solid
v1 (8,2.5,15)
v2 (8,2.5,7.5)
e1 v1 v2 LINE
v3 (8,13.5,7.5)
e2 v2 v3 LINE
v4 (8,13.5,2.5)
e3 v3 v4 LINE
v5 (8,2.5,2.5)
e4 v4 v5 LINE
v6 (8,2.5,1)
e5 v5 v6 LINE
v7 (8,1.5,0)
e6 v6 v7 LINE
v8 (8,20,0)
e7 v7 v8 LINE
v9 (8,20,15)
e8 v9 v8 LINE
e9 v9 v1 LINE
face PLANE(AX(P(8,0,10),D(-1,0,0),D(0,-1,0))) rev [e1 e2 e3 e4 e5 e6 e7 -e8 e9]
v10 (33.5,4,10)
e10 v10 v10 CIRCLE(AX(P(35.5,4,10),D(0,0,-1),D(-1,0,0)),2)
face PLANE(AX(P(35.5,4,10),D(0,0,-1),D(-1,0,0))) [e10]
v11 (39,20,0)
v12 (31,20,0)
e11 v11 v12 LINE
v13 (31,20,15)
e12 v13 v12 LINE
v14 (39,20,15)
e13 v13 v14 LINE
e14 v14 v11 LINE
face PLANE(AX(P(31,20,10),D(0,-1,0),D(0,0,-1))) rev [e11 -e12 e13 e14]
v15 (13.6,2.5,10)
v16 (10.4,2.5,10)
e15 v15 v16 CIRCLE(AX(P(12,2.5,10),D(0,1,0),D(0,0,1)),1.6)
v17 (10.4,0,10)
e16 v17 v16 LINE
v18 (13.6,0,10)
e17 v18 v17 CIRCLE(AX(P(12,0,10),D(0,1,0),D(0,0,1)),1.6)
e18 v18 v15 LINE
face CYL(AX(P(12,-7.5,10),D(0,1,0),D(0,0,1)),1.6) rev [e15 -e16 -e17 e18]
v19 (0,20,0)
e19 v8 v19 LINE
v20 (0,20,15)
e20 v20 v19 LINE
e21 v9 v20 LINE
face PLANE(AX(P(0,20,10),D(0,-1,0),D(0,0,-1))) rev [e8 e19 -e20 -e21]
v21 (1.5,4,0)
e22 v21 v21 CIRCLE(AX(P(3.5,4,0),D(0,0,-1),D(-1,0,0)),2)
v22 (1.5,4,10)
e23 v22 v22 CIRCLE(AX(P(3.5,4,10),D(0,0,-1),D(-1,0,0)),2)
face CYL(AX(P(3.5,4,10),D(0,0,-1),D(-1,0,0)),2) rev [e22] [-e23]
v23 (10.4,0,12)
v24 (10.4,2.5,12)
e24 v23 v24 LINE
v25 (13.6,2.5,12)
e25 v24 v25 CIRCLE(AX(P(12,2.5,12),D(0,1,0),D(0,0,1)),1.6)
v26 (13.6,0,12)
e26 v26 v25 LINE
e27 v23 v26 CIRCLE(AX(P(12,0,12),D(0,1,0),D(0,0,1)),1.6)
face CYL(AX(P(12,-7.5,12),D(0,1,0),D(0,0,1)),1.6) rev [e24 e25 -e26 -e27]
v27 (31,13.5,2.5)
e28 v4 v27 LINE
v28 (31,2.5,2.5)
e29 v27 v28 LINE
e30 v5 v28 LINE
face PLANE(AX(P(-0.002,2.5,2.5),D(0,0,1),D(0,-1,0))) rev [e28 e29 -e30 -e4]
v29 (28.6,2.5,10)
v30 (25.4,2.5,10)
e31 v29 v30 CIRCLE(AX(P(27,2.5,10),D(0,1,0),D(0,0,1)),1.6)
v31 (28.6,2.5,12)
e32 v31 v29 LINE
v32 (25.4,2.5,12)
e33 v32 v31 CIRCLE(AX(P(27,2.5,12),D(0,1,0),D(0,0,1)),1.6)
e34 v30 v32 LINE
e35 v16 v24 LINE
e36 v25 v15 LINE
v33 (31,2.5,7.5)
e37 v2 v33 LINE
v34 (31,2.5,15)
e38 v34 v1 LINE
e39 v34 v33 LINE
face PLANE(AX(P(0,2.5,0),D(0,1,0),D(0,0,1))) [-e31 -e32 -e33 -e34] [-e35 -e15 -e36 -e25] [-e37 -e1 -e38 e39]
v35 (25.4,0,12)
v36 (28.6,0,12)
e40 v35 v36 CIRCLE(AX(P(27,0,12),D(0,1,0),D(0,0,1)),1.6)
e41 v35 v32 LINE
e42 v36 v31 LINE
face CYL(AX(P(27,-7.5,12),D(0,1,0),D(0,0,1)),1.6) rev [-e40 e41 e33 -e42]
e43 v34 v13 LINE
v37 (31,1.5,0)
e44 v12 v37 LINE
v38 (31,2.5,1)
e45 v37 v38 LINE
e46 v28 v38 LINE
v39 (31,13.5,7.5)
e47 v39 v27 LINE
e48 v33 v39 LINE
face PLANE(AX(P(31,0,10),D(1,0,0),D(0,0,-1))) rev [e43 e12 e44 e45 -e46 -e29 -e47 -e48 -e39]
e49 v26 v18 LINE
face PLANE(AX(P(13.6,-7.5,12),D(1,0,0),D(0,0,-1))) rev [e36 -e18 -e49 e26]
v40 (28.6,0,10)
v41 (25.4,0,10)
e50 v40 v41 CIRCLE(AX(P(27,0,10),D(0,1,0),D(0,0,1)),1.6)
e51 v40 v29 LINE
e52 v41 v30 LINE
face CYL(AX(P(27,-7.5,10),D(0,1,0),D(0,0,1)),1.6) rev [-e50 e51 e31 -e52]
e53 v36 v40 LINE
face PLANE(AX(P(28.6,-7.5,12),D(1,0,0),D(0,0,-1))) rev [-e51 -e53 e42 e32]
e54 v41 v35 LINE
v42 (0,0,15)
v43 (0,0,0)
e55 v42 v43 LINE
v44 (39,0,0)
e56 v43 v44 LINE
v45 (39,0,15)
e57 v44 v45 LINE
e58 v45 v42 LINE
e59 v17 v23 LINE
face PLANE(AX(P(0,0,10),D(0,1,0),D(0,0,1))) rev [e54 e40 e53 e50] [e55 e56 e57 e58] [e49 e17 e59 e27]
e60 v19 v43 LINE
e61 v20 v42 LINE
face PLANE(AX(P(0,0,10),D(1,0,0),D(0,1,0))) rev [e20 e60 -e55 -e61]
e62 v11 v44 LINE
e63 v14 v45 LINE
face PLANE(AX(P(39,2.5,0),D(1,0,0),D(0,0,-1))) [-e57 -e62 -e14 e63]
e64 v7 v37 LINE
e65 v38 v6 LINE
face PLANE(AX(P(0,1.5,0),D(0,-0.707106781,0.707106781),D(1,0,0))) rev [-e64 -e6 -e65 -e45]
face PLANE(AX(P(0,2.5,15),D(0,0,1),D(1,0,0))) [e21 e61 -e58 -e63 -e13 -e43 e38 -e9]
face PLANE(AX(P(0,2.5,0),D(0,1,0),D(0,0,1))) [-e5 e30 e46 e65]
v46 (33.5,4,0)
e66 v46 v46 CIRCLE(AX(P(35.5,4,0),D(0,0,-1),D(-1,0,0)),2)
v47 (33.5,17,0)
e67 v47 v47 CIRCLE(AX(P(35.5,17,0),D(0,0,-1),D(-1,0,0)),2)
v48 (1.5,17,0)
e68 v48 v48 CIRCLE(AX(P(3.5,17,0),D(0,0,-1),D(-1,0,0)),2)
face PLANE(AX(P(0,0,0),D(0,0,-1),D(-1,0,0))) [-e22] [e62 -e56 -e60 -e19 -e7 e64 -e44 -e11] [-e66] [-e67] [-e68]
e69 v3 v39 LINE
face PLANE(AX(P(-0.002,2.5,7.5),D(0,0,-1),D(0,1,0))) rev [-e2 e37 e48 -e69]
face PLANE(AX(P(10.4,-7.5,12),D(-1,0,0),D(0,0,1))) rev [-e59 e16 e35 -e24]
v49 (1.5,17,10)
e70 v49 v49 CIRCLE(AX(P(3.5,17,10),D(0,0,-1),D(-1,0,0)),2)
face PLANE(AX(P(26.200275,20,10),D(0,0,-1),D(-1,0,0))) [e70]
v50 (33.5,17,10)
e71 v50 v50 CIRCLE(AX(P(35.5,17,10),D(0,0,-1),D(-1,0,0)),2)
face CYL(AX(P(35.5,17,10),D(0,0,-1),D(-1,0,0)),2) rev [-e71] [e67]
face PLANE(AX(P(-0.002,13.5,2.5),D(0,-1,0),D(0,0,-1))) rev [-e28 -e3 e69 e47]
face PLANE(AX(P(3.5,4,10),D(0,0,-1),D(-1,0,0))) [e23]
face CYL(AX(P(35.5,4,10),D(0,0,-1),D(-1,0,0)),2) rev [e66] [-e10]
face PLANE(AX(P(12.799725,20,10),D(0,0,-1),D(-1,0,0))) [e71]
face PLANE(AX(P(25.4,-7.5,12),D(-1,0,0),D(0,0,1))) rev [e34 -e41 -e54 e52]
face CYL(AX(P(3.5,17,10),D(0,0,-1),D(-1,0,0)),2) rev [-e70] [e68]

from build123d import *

# Parameters (mm, degrees)
SKETCH_1_W          = 8
SKETCH_1_H          = 20
EXTRUDE_1_DEPTH     = 10
EXTRUDE_1_2_DEPTH   = 10
SKETCH_2_W          = 39
SKETCH_2_H          = 15
EXTRUDE_2_DEPTH     = 2.5
CHAMFER_1_SIZE      = 1
SKETCH_3_R          = 2
CUT_EXTRUDE_1_DEPTH = 10
CUT_EXTRUDE_3_DEPTH = 10
SKETCH_6_W          = 5
SKETCH_6_H          = 17.5
EXTRUDE_3_DEPTH     = 8
SKETCH_7_W          = 5
SKETCH_7_H          = 17.5
EXTRUDE_4_DEPTH     = 8
EXTRUDE_5_REACH     = 41.825
SKETCH_8_W          = 5
SKETCH_8_H          = 11


with BuildPart() as part:
    # 草图1 → 凸台-拉伸1 (new body)
    with BuildSketch(Plane.XY):
        with Locations((4, 10)):
            Rectangle(SKETCH_1_W, SKETCH_1_H)
    extrude(amount=EXTRUDE_1_DEPTH)



with BuildPart() as body_2:
    # 草图1 → Extrude 1 2 (new body)
    with BuildSketch(Plane.XY):
        with Locations((35, 10)):
            Rectangle(SKETCH_1_W, SKETCH_1_H)
    extrude(amount=EXTRUDE_1_2_DEPTH)


with BuildPart() as part_1:
    add(part.part)

    add(body_2.part)  # 凸台-拉伸2 merges body 2
    # 草图2 → 凸台-拉伸2 (add)
    with BuildSketch(Plane.XZ):
        with Locations((19.5, 7.5)):
            Rectangle(SKETCH_2_W, SKETCH_2_H)
    extrude(amount=-EXTRUDE_2_DEPTH)

    # 倒角1
    chamfer_1_edges = [part_1.edges().sort_by_distance(p)[0] for p in [
        (19.5, 2.5, 0),
    ]]
    chamfer(chamfer_1_edges, length=CHAMFER_1_SIZE)

    # 草图3 → 切除-拉伸1 (cut)
    with BuildSketch(Plane(origin=(0, 0, 0), x_dir=(-1, 0, 0), z_dir=(0, 0, -1))):
        with Locations((-35.5, 17)):
            Circle(SKETCH_3_R)
        with Locations((-3.5, 17)):
            Circle(SKETCH_3_R)
        with Locations((-35.5, 4)):
            Circle(SKETCH_3_R)
        with Locations((-3.5, 4)):
            Circle(SKETCH_3_R)
    extrude(amount=-CUT_EXTRUDE_1_DEPTH, mode=Mode.SUBTRACT)

    # 草图5 → 切除-拉伸3 (cut)
    with BuildSketch(Plane(origin=(0, 2.5, 0), x_dir=(1, 0, 0), z_dir=(0, 1, 0))):
        with BuildLine():
            Line((10.4, -12), (10.4, -10))
            ThreePointArc((10.4, -10), (12, -8.4), (13.6, -10))
            Line((13.6, -10), (13.6, -12))
            ThreePointArc((13.6, -12), (12, -13.6), (10.4, -12))
        make_face()
        with BuildLine():
            Line((25.4, -12), (25.4, -10))
            ThreePointArc((25.4, -10), (27, -8.4), (28.6, -10))
            Line((28.6, -10), (28.6, -12))
            ThreePointArc((28.6, -12), (27, -13.6), (25.4, -12))
        make_face()
    extrude(amount=-CUT_EXTRUDE_3_DEPTH, mode=Mode.SUBTRACT)

    # 草图6 → 凸台-拉伸3 (add)
    with BuildSketch(Plane(origin=(39, 0, 0), x_dir=(0, 0, -1), z_dir=(1, 0, 0))):
        with Locations((-12.5, 11.25)):
            Rectangle(SKETCH_6_W, SKETCH_6_H)
    extrude(amount=-EXTRUDE_3_DEPTH)

    # 草图7 → 凸台-拉伸4 (add)
    with BuildSketch(Plane.ZY):
        with Locations((12.5, 11.25)):
            Rectangle(SKETCH_7_W, SKETCH_7_H)
    extrude(amount=-EXTRUDE_4_DEPTH)

    # 草图8 → 凸台-拉伸5 (add, up to next)
    with BuildSketch(Plane.ZY.offset(-31), mode=Mode.PRIVATE) as extrude_5_sk1:
        with Locations((5, 8)):
            Rectangle(SKETCH_8_W, SKETCH_8_H)
    extrude_5_tool1 = extrude(extrude_5_sk1.sketch, amount=EXTRUDE_5_REACH, mode=Mode.PRIVATE) - part_1.part
    add(extrude_5_tool1.solids().sort_by_distance((31, 8, 5))[0])


solid = part_1.part
